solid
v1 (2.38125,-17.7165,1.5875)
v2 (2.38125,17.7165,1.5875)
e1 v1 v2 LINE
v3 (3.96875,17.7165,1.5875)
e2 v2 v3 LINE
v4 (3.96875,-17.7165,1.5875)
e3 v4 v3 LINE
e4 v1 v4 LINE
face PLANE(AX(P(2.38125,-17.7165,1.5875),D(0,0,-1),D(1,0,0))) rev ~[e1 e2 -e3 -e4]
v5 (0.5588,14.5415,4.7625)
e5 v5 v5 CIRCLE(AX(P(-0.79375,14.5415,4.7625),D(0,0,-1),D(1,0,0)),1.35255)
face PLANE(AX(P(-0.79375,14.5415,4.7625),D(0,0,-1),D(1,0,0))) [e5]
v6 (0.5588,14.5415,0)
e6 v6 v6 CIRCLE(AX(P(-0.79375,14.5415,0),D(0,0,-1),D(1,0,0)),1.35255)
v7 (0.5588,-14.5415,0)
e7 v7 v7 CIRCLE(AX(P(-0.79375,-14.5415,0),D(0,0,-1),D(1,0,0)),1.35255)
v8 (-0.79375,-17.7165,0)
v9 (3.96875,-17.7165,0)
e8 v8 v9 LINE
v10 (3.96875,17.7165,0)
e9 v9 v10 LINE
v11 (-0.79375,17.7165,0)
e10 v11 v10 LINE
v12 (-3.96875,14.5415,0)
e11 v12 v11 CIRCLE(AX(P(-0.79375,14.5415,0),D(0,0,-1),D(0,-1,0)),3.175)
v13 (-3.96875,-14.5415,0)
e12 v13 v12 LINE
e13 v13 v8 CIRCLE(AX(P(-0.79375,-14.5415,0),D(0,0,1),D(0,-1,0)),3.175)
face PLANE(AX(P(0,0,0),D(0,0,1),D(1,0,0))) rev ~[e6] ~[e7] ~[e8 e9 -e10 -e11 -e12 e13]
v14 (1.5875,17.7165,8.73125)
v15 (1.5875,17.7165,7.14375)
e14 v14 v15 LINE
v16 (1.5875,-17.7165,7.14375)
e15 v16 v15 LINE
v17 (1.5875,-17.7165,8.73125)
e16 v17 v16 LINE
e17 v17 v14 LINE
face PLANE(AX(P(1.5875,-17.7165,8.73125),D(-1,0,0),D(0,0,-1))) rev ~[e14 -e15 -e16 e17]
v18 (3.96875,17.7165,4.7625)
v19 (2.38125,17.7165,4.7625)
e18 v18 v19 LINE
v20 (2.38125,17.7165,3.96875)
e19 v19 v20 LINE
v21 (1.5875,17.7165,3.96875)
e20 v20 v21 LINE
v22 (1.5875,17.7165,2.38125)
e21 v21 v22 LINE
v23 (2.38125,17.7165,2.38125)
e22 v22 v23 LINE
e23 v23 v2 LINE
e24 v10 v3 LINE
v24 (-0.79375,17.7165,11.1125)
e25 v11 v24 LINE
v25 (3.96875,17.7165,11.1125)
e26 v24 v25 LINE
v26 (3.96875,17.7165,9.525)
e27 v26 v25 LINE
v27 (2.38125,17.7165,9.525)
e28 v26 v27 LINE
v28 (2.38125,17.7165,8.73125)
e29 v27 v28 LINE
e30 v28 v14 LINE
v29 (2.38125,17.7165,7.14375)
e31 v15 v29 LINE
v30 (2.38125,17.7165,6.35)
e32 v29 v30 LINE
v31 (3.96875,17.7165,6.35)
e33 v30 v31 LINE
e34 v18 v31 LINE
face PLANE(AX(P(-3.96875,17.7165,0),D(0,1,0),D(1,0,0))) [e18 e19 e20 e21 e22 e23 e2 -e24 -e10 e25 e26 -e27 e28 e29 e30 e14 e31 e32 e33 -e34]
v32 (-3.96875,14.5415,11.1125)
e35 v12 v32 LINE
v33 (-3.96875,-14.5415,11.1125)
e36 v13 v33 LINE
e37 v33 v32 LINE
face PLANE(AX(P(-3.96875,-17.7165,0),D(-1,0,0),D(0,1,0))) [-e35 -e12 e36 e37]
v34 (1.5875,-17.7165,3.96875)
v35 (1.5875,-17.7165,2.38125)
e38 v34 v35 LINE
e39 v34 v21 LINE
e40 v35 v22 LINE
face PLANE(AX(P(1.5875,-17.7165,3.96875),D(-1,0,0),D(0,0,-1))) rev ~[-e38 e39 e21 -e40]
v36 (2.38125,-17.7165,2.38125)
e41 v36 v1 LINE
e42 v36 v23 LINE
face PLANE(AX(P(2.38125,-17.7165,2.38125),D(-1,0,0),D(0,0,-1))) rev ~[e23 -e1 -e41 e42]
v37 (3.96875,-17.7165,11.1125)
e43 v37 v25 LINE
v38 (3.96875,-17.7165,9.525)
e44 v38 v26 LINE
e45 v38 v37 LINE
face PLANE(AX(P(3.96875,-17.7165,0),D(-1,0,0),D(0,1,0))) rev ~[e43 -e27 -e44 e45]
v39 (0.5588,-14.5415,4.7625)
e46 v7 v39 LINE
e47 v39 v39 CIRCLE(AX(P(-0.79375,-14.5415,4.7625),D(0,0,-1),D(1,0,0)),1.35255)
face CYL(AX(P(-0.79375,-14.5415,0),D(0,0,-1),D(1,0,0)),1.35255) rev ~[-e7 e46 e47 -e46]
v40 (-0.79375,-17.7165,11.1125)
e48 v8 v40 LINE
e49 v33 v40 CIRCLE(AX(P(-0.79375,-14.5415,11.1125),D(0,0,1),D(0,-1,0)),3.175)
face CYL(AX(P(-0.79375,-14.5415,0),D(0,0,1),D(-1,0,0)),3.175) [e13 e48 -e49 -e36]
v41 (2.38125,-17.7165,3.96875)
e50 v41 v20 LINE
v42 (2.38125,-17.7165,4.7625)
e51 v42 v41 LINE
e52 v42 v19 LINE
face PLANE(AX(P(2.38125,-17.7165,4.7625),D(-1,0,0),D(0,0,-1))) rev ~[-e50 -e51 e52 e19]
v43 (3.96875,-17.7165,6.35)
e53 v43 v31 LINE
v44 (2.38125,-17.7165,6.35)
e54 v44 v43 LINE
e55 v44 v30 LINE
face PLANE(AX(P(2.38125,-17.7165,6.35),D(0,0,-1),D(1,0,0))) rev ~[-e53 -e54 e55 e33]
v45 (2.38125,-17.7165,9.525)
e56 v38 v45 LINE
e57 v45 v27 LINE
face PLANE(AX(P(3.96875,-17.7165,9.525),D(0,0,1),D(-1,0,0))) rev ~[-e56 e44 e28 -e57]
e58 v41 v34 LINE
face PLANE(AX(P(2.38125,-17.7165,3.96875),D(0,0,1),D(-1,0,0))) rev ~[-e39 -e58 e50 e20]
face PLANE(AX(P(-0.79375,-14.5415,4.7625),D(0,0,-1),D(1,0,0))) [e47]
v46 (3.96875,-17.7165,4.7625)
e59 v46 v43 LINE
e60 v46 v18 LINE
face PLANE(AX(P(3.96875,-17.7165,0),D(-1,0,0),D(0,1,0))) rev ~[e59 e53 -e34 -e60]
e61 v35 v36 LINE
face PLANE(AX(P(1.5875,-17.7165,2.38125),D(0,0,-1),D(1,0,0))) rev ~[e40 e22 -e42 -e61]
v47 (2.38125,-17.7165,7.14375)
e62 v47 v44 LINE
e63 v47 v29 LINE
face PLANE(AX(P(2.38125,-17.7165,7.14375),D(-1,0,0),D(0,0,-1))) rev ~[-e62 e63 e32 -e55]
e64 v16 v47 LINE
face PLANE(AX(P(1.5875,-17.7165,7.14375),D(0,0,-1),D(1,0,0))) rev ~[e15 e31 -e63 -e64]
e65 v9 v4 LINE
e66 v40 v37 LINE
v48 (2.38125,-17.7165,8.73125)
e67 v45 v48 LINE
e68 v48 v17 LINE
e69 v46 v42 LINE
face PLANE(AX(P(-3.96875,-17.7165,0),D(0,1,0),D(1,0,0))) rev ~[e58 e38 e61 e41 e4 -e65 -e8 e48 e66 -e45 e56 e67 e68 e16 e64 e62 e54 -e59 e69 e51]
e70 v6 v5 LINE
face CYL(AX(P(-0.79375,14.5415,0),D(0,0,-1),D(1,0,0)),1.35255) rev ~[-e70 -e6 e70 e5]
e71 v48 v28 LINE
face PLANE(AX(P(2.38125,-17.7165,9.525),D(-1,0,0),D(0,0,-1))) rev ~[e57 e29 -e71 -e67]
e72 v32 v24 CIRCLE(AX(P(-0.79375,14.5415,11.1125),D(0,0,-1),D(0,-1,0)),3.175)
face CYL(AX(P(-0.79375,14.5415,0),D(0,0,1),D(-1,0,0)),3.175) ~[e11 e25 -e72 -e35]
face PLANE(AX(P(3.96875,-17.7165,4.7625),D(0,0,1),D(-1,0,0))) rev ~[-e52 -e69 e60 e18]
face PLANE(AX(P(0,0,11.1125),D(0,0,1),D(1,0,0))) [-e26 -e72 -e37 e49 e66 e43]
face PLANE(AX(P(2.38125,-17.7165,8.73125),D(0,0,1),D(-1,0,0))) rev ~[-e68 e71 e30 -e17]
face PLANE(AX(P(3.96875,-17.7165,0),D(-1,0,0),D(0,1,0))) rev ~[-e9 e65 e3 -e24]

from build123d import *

# Parameters (mm, degrees)
F0_W     = 7.9375
F0_H     = 35.433
F1_DEPTH = 11.1125
F3_DEPTH = 35.433
F4_R     = 1.35255
F5_DEPTH = 4.7625
F6_R     = 3.175


with BuildPart() as f1:
    # F0 (on Top) → F1 (new body)
    with BuildSketch(Plane.XY):
        Rectangle(F0_W, F0_H)
    extrude(amount=F1_DEPTH)

    # F2 (on face) → F3 (cut, through all)
    with BuildSketch(Plane.XZ.offset(17.7165)):
        Polygon((3.96875, 9.525), (2.38125, 9.525), (2.38125, 8.73125), (1.5875, 8.73125), (1.5875, 7.14375), (2.38125, 7.14375), (2.38125, 6.35), (3.96875, 6.35), align=None)
        Polygon((3.96875, 4.7625), (2.38125, 4.7625), (2.38125, 3.96875), (1.5875, 3.96875), (1.5875, 2.38125), (2.38125, 2.38125), (2.38125, 1.5875), (3.96875, 1.5875), align=None)
    extrude(amount=-F3_DEPTH, mode=Mode.SUBTRACT)

    # F4 (on face) → F5 (cut)
    with BuildSketch(Plane(origin=(0, 0, 0), x_dir=(1, 0, 0), z_dir=(0, 0, -1))):
        with Locations((-0.79375, 14.5415)):
            Circle(F4_R)
        with Locations((-0.79375, -14.5415)):
            Circle(F4_R)
    extrude(amount=-F5_DEPTH, mode=Mode.SUBTRACT)

    # F6
    f6_edges = [f1.edges().sort_by_distance(p)[0] for p in [
        (-3.96875, 17.7165, 5.55625),
        (-3.96875, -17.7165, 5.55625),
    ]]
    fillet(f6_edges, radius=F6_R)


solid = f1.part
